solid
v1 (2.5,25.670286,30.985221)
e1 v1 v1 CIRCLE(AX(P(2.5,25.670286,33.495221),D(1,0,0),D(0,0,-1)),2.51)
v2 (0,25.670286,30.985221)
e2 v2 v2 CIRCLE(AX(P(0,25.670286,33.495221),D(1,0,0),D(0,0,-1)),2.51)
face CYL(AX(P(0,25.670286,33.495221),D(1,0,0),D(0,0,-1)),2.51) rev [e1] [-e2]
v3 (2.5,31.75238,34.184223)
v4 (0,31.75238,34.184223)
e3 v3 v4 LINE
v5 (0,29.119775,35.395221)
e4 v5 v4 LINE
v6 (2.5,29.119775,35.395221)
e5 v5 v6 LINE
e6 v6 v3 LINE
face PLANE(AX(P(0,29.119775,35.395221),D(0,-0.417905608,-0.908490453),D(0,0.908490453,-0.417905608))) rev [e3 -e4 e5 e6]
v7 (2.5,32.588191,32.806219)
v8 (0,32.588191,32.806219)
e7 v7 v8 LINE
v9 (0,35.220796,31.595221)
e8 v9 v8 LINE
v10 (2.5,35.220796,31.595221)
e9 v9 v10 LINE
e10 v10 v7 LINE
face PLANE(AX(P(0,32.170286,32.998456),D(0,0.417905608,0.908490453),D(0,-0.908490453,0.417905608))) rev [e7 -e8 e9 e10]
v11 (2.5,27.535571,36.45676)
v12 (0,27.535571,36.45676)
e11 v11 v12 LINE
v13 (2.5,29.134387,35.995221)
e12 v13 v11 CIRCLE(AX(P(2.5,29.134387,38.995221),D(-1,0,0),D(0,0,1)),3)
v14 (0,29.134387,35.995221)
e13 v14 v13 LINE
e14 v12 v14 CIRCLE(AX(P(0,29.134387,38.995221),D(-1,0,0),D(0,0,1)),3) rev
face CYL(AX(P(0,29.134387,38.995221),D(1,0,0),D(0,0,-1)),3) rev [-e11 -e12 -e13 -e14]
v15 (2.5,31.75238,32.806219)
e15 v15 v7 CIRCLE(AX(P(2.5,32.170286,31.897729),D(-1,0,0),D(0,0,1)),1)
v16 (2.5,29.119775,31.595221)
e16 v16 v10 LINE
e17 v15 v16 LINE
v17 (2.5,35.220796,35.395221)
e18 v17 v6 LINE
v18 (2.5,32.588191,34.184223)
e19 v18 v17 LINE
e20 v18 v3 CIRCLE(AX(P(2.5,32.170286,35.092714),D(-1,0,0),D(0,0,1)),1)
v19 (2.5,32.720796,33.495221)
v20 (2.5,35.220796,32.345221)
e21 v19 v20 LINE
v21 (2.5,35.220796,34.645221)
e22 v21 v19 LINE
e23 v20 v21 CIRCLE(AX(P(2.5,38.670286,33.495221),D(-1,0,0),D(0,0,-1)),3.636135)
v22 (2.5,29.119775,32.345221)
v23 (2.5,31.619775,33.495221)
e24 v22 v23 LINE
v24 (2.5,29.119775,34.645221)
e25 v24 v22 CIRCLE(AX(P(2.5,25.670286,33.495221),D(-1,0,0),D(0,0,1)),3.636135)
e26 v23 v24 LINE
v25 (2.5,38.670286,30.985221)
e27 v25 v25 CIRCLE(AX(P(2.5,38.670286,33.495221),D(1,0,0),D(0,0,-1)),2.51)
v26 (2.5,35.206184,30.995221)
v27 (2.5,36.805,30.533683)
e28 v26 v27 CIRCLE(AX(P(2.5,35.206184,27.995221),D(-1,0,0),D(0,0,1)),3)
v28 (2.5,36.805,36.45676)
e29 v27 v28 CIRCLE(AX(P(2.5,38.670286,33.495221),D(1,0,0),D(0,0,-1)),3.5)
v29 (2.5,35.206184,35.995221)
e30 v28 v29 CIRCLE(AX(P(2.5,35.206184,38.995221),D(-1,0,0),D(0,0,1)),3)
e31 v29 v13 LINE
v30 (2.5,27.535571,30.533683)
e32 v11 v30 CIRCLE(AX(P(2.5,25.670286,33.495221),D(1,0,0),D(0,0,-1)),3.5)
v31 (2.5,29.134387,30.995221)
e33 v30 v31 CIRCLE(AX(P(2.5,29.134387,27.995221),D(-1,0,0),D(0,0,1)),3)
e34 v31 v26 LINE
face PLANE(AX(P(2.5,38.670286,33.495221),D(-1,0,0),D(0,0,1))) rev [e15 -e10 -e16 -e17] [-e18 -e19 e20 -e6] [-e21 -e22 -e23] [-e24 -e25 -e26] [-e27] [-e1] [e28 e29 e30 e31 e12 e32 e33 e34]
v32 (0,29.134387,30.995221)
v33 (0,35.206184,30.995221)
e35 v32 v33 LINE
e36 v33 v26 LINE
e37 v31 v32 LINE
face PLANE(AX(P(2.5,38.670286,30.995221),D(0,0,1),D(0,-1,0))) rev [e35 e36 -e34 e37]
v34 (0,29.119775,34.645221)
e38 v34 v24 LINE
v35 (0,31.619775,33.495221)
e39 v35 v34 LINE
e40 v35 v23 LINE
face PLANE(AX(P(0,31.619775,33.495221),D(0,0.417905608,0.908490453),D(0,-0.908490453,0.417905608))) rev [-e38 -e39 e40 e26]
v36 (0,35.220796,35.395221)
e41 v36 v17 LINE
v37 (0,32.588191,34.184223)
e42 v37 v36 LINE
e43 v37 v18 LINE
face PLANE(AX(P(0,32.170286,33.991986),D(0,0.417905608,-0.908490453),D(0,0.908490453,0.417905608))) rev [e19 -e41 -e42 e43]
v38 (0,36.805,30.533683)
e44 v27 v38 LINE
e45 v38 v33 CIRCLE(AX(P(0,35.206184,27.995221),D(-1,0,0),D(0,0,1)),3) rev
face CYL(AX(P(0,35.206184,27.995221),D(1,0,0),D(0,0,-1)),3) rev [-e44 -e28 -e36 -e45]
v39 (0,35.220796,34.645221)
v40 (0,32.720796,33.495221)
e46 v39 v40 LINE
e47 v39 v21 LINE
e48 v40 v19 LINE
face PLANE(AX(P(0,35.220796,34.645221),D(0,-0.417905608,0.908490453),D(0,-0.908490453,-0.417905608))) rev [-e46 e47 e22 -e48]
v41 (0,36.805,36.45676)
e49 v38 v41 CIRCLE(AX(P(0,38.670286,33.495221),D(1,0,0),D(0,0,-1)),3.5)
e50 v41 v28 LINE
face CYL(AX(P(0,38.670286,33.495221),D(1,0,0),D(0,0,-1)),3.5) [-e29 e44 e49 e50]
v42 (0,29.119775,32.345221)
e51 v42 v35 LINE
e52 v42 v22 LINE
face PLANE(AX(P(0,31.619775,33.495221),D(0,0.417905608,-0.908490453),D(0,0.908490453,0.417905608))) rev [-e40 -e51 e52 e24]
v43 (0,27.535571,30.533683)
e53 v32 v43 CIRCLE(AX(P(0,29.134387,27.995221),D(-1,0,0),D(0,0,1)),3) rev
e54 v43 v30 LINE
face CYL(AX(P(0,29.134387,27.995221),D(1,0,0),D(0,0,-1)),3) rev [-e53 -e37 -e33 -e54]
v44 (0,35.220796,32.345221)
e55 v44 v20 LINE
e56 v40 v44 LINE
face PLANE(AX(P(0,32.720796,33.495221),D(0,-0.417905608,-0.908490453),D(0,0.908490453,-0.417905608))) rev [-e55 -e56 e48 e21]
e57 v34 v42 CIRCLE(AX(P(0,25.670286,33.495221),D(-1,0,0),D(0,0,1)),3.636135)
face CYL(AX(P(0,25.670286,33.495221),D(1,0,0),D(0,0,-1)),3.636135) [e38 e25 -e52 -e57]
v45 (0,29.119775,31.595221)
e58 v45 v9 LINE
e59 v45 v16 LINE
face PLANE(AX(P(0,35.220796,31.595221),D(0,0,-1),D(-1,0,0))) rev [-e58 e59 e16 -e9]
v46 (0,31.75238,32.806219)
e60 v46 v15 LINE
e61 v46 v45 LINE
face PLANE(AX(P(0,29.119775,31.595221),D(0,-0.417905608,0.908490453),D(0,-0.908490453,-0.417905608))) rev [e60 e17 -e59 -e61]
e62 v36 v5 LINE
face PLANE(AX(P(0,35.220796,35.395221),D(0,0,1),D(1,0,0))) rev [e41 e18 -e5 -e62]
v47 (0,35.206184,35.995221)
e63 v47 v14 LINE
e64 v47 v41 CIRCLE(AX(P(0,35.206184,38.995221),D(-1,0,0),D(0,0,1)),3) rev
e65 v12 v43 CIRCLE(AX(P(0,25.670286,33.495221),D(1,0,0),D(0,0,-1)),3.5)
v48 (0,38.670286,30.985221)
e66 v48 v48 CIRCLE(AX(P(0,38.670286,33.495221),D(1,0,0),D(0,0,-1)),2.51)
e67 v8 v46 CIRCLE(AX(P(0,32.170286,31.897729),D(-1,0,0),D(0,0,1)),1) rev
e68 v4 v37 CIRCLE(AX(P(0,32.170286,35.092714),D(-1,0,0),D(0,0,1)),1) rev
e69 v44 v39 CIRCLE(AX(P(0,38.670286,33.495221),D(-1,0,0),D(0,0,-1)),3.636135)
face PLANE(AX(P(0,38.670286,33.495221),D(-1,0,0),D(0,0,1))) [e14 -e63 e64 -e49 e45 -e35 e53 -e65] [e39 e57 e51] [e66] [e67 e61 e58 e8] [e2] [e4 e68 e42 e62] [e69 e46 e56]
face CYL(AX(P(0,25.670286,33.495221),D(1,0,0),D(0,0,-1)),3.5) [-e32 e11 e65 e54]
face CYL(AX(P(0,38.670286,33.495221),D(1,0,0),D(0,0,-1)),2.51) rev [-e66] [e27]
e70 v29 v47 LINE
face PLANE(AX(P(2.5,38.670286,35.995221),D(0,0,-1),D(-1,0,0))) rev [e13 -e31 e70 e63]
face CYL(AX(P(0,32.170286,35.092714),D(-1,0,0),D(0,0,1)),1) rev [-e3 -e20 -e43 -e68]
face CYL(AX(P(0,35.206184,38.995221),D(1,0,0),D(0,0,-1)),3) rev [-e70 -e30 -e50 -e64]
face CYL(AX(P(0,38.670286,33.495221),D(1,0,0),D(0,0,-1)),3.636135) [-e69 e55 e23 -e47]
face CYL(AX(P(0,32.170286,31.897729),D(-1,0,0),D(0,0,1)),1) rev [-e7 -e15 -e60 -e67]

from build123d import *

# Parameters (mm, degrees)
BOSS_EXTRUDE3_DEPTH = 2.5
SKETCH4_R           = 3.5
BOSS_EXTRUDE4_DEPTH = 2.5
SKETCH5_R           = 2.51
CUT_EXTRUDE1_DEPTH  = 2.5
CUT_EXTRUDE2_DEPTH  = 2.5
FILLET2_R           = 3
FILLET3_R           = 1


with BuildPart() as part:
    # Sketch3 → Boss-Extrude3 (new body)
    with BuildSketch(Plane(origin=(0, 0, 0), x_dir=(0, 0, -1), z_dir=(1, 0, 0))):
        with BuildLine():
            Line((-35.995221199, 38.670285512), (-35.995221199, 25.670285512))
            ThreePointArc((-35.995221199, 25.670285512), (-33.495221199, 23.170285512), (-30.995221199, 25.670285512))
            Line((-30.995221199, 25.670285512), (-30.995221199, 38.670285512))
            ThreePointArc((-30.995221199, 38.670285512), (-33.495221199, 41.170285512), (-35.995221199, 38.670285512))
        make_face()
    extrude(amount=BOSS_EXTRUDE3_DEPTH)

    # Sketch4 → Boss-Extrude4 (add)
    with BuildSketch(Plane(origin=(2.5, 0, 0), x_dir=(0, 0, -1), z_dir=(1, 0, 0))):
        with Locations((-33.495221199, 38.670285512)):
            Circle(SKETCH4_R)
        with Locations((-33.495221199, 25.670285512)):
            Circle(SKETCH4_R)
    extrude(amount=-BOSS_EXTRUDE4_DEPTH)

    # Sketch5 → Cut-Extrude1 (cut)
    with BuildSketch(Plane(origin=(2.5, 0, 0), x_dir=(0, 0, -1), z_dir=(1, 0, 0))):
        with Locations((-33.495221199, 38.670285512)):
            Circle(SKETCH5_R)
        with Locations((-33.495221199, 25.670285512)):
            Circle(SKETCH5_R)
    extrude(amount=-CUT_EXTRUDE1_DEPTH, mode=Mode.SUBTRACT)

    # Sketch8 → Cut-Extrude2 (cut)
    with BuildSketch(Plane(origin=(2.5, 0, 0), x_dir=(0, 0, -1), z_dir=(1, 0, 0))):
        Polygon((-35.395221199, 35.220795769), (-35.395221199, 29.119775254), (-33.991986481, 32.170285512), align=None)
        Polygon((-31.595221199, 35.220795769), (-31.595221199, 29.119775254), (-32.998455917, 32.170285512), align=None)
        with BuildLine():
            Line((-34.645221199, 35.220795769), (-33.495221199, 32.720795769))
            Line((-33.495221199, 32.720795769), (-32.345221199, 35.220795769))
            ThreePointArc((-32.345221199, 35.220795769), (-33.495221199, 35.034150271), (-34.645221199, 35.220795769))
        make_face()
        with BuildLine():
            Line((-33.495221199, 31.619775254), (-32.345221199, 29.119775254))
            ThreePointArc((-32.345221199, 29.119775254), (-33.495221199, 29.306420752), (-34.645221199, 29.119775254))
            Line((-34.645221199, 29.119775254), (-33.495221199, 31.619775254))
        make_face()
    extrude(amount=-CUT_EXTRUDE2_DEPTH, mode=Mode.SUBTRACT)

    # Fillet2
    fillet2_edges = [part.edges().sort_by_distance(p)[0] for p in [
        (1.25, 36.220795769, 35.995221199),
        (1.25, 36.220795769, 30.995221199),
        (1.25, 28.119775254, 35.995221199),
        (1.25, 28.119775254, 30.995221199),
    ]]
    fillet(fillet2_edges, radius=FILLET2_R)

    # Fillet3
    fillet3_edges = [part.edges().sort_by_distance(p)[0] for p in [
        (1.25, 32.170285512, 32.998455917),
        (1.25, 32.170285512, 33.991986481),
    ]]
    fillet(fillet3_edges, radius=FILLET3_R)


solid = part.part
